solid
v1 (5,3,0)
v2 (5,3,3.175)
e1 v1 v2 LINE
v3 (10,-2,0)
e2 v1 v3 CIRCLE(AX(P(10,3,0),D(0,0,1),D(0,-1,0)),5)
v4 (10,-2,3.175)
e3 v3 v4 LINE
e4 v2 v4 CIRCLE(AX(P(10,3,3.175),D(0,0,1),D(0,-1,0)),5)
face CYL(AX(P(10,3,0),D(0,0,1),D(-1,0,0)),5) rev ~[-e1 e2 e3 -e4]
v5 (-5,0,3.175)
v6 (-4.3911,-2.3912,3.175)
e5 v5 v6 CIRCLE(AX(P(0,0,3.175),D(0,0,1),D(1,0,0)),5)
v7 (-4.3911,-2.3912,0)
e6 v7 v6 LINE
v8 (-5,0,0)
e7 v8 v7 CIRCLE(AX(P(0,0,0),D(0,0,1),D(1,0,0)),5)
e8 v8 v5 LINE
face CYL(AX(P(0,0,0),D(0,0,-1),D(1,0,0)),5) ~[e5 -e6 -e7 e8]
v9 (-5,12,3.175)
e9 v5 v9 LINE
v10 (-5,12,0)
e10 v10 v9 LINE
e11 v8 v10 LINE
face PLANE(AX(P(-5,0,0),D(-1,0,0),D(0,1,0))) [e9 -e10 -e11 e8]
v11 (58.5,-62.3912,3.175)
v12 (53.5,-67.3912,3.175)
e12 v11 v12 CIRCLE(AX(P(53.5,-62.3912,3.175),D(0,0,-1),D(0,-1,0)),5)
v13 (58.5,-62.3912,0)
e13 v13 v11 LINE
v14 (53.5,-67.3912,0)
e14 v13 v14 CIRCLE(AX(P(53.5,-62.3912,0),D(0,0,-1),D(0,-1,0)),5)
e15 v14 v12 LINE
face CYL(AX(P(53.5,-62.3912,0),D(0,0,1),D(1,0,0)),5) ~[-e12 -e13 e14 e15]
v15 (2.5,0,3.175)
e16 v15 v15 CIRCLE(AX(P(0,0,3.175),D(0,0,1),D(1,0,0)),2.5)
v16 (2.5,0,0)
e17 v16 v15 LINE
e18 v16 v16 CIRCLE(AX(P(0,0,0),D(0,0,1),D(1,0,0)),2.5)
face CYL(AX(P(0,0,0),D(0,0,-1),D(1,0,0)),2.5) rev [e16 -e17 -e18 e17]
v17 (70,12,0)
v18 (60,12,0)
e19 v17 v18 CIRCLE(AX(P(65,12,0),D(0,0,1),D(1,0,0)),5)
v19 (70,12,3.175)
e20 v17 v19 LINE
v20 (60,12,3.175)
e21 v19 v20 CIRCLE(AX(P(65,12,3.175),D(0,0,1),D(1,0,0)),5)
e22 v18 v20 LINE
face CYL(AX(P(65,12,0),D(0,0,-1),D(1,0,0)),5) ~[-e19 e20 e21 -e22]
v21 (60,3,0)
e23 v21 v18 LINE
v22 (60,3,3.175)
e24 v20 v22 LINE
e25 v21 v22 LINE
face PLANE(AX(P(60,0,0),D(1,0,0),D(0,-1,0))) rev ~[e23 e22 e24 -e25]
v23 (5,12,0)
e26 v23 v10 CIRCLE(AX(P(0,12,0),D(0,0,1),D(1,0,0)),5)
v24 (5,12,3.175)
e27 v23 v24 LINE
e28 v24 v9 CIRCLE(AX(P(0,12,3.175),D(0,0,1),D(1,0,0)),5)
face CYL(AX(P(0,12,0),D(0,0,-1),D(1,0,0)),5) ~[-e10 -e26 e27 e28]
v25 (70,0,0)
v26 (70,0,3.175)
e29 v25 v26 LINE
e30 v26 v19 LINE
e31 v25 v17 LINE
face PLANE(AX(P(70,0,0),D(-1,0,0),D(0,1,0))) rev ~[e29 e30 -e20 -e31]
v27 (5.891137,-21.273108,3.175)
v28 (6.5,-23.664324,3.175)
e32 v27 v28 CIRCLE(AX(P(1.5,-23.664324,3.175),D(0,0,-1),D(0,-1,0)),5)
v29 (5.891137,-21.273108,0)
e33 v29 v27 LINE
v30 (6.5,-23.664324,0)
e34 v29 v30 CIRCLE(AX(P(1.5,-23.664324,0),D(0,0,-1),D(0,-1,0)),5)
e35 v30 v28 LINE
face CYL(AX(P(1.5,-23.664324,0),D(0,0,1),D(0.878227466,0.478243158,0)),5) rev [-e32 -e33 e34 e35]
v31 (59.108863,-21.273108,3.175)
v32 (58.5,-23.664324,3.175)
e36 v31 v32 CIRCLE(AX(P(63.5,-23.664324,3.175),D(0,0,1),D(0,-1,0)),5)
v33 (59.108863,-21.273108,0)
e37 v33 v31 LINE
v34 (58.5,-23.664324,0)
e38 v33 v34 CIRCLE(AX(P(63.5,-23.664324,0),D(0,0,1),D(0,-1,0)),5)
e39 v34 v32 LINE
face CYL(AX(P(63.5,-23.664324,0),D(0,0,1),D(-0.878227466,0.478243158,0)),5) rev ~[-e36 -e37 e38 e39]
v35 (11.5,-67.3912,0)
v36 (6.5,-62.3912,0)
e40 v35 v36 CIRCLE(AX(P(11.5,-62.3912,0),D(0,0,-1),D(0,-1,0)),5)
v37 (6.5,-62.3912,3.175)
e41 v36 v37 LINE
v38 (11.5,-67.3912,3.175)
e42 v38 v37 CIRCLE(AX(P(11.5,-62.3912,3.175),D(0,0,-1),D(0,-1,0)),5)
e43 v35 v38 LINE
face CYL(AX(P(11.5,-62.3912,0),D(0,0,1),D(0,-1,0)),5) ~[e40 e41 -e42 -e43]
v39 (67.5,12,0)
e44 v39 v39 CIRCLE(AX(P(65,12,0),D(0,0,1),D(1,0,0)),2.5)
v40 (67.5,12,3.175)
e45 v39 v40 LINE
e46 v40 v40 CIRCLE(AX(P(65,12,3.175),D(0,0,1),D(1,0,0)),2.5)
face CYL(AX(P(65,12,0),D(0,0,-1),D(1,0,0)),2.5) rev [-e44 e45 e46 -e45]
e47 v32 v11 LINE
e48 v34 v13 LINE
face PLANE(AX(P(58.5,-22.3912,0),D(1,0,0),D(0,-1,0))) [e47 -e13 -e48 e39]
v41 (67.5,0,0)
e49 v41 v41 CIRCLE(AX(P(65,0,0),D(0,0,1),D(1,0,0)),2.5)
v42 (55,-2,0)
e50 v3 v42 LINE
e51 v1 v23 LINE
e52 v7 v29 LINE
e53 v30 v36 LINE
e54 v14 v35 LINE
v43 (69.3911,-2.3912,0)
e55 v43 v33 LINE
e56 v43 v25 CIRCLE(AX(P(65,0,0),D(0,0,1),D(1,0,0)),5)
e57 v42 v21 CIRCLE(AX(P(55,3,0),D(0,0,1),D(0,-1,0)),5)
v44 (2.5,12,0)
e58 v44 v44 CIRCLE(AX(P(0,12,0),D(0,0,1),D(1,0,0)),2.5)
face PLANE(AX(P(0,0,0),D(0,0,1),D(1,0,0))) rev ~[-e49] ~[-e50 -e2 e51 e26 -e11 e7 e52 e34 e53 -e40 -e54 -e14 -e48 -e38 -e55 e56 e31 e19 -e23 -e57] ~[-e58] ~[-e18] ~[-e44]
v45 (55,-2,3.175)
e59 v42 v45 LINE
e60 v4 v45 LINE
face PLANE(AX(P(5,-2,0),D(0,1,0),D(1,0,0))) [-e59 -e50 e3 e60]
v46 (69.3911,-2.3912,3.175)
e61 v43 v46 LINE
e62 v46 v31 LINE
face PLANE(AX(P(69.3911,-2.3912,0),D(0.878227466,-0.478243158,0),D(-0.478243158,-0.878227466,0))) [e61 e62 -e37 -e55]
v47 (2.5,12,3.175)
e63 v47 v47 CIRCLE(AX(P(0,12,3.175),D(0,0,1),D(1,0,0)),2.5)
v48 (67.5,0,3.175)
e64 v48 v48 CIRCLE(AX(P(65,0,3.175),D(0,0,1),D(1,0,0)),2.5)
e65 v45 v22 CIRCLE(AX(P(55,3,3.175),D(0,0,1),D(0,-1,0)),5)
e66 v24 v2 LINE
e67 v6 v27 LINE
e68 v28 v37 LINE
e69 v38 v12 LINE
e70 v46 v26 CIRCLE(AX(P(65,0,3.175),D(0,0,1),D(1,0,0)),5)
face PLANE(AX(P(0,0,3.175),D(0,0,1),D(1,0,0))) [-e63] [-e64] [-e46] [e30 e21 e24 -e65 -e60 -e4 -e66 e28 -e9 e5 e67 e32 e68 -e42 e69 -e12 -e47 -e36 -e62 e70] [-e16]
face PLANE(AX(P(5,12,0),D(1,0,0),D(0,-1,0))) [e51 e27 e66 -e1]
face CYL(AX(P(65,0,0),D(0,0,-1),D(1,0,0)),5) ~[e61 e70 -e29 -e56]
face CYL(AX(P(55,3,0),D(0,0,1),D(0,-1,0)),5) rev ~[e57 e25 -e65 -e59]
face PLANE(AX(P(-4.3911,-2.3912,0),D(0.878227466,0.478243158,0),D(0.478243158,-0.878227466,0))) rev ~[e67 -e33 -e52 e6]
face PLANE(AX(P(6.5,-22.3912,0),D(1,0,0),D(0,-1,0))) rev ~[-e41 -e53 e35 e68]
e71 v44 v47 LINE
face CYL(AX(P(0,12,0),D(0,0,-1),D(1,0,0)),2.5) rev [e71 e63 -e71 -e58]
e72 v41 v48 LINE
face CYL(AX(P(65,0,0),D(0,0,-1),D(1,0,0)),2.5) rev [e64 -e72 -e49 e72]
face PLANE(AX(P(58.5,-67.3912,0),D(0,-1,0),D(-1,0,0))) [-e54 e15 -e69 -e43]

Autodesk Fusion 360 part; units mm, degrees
sketch "Sketch1" plane through (0, 0, 0) normal (0, 0, 1) x (1, 0, 0)
  circle A0 centre (0, 0) radius 2.5
  circle A1 centre (0, 12) radius 2.5
  circle A2 centre (65, 0) radius 2.5
  circle A3 centre (0, 12) radius 5
  line L0 (5, -2) -> (60, -2)
  line L1 (5, 12) -> (5, -2)
  circle A4 centre (0, 0) radius 5
  line L2 (-5, 0) -> (-5, 12)
  line L3 (0, 0) -> (65, 0) construction
  line L4 (32.5, 0) -> (32.5, -19.0435) construction
  line L5 (4.5, -9.5218) -> (60.5, -9.5218) construction
  line L6 (-4.3911, -2.3912) -> (6.5, -22.3912)
  line L7 (6.5, -22.3912) -> (6.5, -67.3912)
  line L8 (6.5, -67.3912) -> (32.5, -67.3912)
  line L9 (58.5, -67.3912) -> (32.5, -67.3912)
  line L10 (58.5, -22.3912) -> (58.5, -67.3912)
  line L11 (69.3911, -2.3912) -> (58.5, -22.3912)
  circle A5 centre (65, 0) radius 5
  line L12 (70, 0) -> (70, 12)
  circle A6 centre (65, 12) radius 5
  line L13 (60, 12) -> (60, -2)
  circle A7 centre (65, 12) radius 2.5
  dimension "d1" = 5
  dimension "d2" = 5
  dimension "d3" = 5
  dimension "d5" = 12
  dimension "d6" = 65
  dimension "d9" = 2
  dimension "d10" = 10
  dimension "d12" = 56
  dimension "d13" = 45
  dimension "d14" = 26
  dimension "d15" = 20
extrude "Extrude1" add sketch "Sketch1" along normal blind 3.175
fillet "Fillet1" radius 5 6 edges at (5, -2, 1.5875) (60, -2, 1.5875) (58.5, -67.3912, 1.5875) (6.5, -67.3912, 1.5875) (58.5, -22.3912, 1.5875) (6.5, -22.3912, 1.5875)
